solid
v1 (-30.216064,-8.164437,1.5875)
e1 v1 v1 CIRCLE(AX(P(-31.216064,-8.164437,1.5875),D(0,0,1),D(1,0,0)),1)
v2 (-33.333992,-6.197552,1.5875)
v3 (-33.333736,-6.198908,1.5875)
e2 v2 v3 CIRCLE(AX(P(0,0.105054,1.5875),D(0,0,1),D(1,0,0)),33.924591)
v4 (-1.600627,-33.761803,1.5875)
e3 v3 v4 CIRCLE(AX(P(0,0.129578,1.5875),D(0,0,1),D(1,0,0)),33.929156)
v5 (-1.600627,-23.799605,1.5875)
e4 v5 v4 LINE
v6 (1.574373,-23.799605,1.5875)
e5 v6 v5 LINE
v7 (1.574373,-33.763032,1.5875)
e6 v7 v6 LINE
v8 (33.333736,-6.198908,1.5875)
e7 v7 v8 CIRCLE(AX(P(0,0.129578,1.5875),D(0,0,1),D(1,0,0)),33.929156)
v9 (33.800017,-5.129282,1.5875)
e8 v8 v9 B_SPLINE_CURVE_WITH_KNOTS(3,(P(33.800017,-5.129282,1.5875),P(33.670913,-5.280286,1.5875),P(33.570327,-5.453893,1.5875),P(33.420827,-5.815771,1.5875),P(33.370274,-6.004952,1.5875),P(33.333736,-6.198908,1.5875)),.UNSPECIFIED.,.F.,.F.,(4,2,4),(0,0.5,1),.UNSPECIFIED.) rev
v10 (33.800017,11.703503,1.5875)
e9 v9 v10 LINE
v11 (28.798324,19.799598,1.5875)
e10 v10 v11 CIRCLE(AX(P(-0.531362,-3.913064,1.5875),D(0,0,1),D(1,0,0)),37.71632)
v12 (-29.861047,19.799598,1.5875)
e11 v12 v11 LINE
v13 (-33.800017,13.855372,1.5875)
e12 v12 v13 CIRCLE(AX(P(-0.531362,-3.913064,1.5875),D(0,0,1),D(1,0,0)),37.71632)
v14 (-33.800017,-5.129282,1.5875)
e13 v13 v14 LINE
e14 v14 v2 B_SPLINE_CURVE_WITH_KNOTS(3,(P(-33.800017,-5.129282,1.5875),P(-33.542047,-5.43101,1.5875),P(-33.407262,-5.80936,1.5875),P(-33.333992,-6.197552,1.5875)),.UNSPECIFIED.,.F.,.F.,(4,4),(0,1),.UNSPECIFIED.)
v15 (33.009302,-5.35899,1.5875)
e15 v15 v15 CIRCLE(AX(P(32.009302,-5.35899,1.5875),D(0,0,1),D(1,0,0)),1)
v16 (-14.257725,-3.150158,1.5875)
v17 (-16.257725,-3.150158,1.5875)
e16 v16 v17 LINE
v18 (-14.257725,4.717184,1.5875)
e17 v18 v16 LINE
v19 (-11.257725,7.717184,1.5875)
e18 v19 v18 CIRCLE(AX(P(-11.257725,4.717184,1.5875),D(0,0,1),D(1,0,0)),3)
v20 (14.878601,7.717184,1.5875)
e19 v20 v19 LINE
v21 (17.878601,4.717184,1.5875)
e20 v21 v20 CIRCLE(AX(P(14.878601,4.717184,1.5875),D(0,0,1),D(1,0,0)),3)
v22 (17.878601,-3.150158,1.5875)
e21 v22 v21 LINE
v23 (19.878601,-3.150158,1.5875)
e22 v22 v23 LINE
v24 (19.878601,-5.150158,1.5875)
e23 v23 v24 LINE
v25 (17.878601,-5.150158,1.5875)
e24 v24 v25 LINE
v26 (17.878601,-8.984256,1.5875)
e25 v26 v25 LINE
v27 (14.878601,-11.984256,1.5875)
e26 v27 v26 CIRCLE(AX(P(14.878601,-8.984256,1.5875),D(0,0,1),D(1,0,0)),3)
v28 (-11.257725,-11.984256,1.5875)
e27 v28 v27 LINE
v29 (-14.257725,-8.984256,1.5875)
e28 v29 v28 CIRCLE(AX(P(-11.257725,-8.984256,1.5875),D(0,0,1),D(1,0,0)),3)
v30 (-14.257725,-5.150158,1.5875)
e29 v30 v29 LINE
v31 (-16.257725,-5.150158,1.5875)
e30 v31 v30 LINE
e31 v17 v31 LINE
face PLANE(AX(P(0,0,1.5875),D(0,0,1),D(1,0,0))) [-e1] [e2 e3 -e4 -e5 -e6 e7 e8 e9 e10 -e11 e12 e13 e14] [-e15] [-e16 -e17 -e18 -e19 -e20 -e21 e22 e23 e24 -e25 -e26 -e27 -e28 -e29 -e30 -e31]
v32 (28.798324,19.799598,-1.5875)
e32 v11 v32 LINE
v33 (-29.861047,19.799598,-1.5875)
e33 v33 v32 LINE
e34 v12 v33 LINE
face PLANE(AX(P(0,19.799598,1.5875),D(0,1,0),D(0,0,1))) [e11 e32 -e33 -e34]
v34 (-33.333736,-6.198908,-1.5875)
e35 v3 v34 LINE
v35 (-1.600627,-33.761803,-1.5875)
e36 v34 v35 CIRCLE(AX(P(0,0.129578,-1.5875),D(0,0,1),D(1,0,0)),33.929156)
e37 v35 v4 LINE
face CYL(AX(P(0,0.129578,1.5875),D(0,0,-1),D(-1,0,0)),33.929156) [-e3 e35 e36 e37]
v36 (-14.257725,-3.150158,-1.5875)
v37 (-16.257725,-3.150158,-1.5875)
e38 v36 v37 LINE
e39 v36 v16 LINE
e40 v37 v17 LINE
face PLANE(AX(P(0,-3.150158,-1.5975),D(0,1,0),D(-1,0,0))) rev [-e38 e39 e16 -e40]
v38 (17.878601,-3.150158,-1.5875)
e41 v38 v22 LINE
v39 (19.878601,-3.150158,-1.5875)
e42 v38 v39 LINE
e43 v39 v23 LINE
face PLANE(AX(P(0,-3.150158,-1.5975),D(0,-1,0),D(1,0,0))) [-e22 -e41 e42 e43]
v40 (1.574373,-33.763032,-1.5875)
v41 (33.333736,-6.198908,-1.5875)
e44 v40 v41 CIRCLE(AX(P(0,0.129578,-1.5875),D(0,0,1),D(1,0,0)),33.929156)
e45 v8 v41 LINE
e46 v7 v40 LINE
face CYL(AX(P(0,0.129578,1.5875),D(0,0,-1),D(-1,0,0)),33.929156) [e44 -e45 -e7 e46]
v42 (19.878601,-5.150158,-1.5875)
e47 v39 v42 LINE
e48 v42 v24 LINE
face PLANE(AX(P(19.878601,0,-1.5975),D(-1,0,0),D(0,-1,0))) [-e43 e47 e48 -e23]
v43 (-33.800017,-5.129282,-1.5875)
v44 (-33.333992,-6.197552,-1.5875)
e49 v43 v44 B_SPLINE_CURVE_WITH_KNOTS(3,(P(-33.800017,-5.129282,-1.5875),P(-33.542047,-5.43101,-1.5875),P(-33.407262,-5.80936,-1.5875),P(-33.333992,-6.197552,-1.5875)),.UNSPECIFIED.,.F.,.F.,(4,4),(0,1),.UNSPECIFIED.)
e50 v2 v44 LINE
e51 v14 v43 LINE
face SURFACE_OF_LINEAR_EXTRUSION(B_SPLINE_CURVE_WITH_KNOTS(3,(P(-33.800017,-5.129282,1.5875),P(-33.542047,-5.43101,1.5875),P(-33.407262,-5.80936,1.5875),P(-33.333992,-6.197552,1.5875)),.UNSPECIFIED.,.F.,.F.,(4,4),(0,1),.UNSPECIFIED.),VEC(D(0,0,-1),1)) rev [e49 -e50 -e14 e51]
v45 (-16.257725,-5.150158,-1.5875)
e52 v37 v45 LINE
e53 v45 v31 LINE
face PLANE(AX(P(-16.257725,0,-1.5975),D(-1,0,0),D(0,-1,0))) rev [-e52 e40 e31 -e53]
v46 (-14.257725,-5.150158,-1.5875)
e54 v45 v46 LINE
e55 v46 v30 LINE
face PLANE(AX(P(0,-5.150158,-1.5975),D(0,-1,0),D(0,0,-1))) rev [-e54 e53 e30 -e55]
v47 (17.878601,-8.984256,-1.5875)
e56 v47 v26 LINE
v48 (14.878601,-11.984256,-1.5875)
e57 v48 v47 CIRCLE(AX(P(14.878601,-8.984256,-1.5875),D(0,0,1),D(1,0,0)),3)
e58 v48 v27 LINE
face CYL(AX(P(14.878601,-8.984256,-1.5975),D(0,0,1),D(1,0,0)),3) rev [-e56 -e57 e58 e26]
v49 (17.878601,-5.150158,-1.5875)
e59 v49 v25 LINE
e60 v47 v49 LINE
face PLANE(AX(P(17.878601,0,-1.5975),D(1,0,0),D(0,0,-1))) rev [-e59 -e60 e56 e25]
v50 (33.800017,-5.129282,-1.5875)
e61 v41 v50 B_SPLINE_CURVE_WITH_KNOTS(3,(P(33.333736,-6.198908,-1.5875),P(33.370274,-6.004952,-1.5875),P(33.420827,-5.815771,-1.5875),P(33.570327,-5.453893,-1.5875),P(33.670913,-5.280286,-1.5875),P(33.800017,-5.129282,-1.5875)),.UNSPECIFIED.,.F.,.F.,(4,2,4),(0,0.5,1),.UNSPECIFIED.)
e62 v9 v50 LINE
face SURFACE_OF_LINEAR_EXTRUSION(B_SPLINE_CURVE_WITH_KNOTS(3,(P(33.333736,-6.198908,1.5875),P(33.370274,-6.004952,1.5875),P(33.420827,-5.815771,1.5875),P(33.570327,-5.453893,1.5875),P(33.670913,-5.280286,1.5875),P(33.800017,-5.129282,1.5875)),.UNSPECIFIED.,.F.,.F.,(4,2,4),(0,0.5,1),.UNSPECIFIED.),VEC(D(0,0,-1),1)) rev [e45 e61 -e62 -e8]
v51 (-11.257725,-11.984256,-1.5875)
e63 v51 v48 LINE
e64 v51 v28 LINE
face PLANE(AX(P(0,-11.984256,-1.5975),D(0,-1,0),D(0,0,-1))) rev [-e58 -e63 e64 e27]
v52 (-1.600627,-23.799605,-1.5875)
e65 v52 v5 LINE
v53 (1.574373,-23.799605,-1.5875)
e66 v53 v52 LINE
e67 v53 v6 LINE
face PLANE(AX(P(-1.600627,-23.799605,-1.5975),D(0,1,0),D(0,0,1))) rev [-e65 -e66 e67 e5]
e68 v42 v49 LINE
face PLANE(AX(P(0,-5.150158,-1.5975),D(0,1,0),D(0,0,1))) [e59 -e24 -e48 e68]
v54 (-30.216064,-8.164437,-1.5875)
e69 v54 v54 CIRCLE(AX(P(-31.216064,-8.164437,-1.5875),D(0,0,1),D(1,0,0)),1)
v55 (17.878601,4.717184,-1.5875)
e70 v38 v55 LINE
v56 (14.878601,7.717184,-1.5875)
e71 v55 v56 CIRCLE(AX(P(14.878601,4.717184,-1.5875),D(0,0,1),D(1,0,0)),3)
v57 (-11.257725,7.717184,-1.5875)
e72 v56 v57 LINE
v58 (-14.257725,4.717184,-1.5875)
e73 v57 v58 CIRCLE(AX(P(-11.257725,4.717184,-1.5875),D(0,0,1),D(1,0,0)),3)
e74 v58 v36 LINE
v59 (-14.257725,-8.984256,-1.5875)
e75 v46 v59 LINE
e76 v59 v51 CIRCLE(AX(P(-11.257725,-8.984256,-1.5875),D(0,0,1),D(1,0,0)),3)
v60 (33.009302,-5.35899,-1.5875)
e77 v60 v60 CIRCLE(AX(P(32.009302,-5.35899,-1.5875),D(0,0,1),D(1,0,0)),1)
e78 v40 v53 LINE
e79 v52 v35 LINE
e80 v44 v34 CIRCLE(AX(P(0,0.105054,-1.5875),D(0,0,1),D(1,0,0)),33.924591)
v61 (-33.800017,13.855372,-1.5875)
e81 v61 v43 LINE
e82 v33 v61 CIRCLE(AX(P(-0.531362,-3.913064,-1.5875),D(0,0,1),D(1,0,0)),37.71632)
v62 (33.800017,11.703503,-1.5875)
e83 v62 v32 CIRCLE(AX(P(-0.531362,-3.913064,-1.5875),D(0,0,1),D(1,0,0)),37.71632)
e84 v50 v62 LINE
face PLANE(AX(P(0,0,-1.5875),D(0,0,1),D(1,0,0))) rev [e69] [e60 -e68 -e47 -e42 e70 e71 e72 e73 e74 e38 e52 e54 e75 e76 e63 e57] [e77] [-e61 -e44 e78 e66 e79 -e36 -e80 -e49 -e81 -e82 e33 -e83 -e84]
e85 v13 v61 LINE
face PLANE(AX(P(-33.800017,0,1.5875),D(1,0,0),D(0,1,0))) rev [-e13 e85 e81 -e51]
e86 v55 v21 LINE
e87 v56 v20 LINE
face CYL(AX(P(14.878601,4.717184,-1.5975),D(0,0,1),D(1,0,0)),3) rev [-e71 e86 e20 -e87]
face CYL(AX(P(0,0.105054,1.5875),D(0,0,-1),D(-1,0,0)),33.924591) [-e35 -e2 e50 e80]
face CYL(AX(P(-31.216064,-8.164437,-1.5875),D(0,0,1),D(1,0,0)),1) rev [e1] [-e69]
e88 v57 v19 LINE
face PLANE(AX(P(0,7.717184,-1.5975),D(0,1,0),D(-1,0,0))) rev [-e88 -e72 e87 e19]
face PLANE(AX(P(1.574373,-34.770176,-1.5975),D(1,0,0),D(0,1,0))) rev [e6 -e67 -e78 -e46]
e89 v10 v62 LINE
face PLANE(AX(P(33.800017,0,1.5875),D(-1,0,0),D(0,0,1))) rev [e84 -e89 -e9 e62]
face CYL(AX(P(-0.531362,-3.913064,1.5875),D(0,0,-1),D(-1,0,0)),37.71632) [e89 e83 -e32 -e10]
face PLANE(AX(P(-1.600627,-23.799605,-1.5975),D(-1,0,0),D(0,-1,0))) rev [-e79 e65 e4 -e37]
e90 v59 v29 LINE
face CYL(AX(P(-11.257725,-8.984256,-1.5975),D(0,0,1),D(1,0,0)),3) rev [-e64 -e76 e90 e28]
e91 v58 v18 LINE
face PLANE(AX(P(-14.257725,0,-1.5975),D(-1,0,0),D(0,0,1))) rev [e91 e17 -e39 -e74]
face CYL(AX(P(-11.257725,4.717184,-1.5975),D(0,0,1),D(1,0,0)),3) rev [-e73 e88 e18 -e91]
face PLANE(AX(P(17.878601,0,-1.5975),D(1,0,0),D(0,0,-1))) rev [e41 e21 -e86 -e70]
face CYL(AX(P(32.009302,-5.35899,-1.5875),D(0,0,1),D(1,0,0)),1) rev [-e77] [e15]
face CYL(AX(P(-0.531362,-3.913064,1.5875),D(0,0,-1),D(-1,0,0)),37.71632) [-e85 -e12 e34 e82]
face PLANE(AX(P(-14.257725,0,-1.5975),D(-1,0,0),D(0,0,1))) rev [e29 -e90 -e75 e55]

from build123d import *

# Parameters (mm, degrees)
BOSS_EXTRUDE1_DEPTH = 1.5875
SKETCH2_R           = 1
CUT_EXTRUDE1_DEPTH  = 3.175
SKETCH3_W           = 3.175
SKETCH3_H           = 10.970571453
CUT_EXTRUDE2_DEPTH  = 48.905462264
SKETCH4_W           = 2
SKETCH4_H           = 2
CUT_EXTRUDE3_DEPTH  = 48.879683973


with BuildPart() as part:
    # Sketch1 → Boss-Extrude1 (new, symmetric)
    with BuildSketch(Plane.XY):
        with BuildLine():
            Line((-29.861047016, 19.799597713), (28.798323584, 19.799597713))
            ThreePointArc((28.798323584, 19.799597713), (31.555543196, 15.909935232), (33.800017398, 11.703503281))
            Line((33.800017398, 11.703503281), (33.800017398, -5.129281896))
            add(Edge.make_bspline(
                [(33.333736062, -6.198908202), (33.370273649, -6.00495249), (33.420827163, -5.815771167), (33.570327065, -5.45389308), (33.6709127, -5.28028559), (33.800017398, -5.129281896)],
                knots=[0, 0, 0, 0, 0.5, 0.5, 1, 1, 1, 1], degree=3))
            ThreePointArc((33.333736062, -6.198908202), (-0.00068987, -33.79957838), (-33.333992426, -6.197552493))
            add(Edge.make_bspline(
                [(-33.800017403, -5.129281896), (-33.542046516, -5.431010319), (-33.407261527, -5.809359873), (-33.333992426, -6.197552493)],
                knots=[0, 0, 0, 0, 1, 1, 1, 1], degree=3))
            Line((-33.800017403, -5.129281896), (-33.800017403, 13.855371896))
            ThreePointArc((-33.800017403, 13.855371896), (-31.971328776, 16.92078434), (-29.861047016, 19.799597713))
        make_face()
    extrude(amount=BOSS_EXTRUDE1_DEPTH, both=True)

    # Sketch2 → Cut-Extrude1 (cut)
    with BuildSketch(Plane.XY.offset(1.5875)):
        with Locations((-31.216064399, -8.164436653)):
            Circle(SKETCH2_R)
        with Locations((32.009302375, -5.358989516)):
            Circle(SKETCH2_R)
    extrude(amount=-CUT_EXTRUDE1_DEPTH, mode=Mode.SUBTRACT)

    # Sketch3 → Cut-Extrude2 (cut, through all)
    with BuildSketch(Plane.XY.offset(1.5875)):
        with Locations((-0.013127042, -29.284890239)):
            Rectangle(SKETCH3_W, SKETCH3_H)
    extrude(amount=-CUT_EXTRUDE2_DEPTH, mode=Mode.SUBTRACT)

    # Sketch4 → Cut-Extrude3 (cut, through all)
    with BuildSketch(Plane.XY.offset(1.5875)):
        with BuildLine():
            Line((-14.257724699, 4.717183699), (-14.257724699, -8.984256283))
            ThreePointArc((-14.257724699, -8.984256283), (-13.379045042, -11.105576627), (-11.257724699, -11.984256283))
            Line((-11.257724699, -11.984256283), (14.878600613, -11.984256283))
            ThreePointArc((14.878600613, -11.984256283), (16.999920956, -11.105576627), (17.878600613, -8.984256283))
            Line((17.878600613, -8.984256283), (17.878600613, 4.717183699))
            ThreePointArc((17.878600613, 4.717183699), (16.999920956, 6.838504042), (14.878600613, 7.717183699))
            Line((14.878600613, 7.717183699), (-11.257724699, 7.717183699))
            ThreePointArc((-11.257724699, 7.717183699), (-13.379045042, 6.838504042), (-14.257724699, 4.717183699))
        make_face()
        with Locations((-15.257724699, -4.150157902)):
            Rectangle(SKETCH4_W, SKETCH4_H)
        with Locations((18.878600613, -4.150157902)):
            Rectangle(SKETCH4_W, SKETCH4_H)
    extrude(amount=-CUT_EXTRUDE3_DEPTH, mode=Mode.SUBTRACT)


solid = part.part
